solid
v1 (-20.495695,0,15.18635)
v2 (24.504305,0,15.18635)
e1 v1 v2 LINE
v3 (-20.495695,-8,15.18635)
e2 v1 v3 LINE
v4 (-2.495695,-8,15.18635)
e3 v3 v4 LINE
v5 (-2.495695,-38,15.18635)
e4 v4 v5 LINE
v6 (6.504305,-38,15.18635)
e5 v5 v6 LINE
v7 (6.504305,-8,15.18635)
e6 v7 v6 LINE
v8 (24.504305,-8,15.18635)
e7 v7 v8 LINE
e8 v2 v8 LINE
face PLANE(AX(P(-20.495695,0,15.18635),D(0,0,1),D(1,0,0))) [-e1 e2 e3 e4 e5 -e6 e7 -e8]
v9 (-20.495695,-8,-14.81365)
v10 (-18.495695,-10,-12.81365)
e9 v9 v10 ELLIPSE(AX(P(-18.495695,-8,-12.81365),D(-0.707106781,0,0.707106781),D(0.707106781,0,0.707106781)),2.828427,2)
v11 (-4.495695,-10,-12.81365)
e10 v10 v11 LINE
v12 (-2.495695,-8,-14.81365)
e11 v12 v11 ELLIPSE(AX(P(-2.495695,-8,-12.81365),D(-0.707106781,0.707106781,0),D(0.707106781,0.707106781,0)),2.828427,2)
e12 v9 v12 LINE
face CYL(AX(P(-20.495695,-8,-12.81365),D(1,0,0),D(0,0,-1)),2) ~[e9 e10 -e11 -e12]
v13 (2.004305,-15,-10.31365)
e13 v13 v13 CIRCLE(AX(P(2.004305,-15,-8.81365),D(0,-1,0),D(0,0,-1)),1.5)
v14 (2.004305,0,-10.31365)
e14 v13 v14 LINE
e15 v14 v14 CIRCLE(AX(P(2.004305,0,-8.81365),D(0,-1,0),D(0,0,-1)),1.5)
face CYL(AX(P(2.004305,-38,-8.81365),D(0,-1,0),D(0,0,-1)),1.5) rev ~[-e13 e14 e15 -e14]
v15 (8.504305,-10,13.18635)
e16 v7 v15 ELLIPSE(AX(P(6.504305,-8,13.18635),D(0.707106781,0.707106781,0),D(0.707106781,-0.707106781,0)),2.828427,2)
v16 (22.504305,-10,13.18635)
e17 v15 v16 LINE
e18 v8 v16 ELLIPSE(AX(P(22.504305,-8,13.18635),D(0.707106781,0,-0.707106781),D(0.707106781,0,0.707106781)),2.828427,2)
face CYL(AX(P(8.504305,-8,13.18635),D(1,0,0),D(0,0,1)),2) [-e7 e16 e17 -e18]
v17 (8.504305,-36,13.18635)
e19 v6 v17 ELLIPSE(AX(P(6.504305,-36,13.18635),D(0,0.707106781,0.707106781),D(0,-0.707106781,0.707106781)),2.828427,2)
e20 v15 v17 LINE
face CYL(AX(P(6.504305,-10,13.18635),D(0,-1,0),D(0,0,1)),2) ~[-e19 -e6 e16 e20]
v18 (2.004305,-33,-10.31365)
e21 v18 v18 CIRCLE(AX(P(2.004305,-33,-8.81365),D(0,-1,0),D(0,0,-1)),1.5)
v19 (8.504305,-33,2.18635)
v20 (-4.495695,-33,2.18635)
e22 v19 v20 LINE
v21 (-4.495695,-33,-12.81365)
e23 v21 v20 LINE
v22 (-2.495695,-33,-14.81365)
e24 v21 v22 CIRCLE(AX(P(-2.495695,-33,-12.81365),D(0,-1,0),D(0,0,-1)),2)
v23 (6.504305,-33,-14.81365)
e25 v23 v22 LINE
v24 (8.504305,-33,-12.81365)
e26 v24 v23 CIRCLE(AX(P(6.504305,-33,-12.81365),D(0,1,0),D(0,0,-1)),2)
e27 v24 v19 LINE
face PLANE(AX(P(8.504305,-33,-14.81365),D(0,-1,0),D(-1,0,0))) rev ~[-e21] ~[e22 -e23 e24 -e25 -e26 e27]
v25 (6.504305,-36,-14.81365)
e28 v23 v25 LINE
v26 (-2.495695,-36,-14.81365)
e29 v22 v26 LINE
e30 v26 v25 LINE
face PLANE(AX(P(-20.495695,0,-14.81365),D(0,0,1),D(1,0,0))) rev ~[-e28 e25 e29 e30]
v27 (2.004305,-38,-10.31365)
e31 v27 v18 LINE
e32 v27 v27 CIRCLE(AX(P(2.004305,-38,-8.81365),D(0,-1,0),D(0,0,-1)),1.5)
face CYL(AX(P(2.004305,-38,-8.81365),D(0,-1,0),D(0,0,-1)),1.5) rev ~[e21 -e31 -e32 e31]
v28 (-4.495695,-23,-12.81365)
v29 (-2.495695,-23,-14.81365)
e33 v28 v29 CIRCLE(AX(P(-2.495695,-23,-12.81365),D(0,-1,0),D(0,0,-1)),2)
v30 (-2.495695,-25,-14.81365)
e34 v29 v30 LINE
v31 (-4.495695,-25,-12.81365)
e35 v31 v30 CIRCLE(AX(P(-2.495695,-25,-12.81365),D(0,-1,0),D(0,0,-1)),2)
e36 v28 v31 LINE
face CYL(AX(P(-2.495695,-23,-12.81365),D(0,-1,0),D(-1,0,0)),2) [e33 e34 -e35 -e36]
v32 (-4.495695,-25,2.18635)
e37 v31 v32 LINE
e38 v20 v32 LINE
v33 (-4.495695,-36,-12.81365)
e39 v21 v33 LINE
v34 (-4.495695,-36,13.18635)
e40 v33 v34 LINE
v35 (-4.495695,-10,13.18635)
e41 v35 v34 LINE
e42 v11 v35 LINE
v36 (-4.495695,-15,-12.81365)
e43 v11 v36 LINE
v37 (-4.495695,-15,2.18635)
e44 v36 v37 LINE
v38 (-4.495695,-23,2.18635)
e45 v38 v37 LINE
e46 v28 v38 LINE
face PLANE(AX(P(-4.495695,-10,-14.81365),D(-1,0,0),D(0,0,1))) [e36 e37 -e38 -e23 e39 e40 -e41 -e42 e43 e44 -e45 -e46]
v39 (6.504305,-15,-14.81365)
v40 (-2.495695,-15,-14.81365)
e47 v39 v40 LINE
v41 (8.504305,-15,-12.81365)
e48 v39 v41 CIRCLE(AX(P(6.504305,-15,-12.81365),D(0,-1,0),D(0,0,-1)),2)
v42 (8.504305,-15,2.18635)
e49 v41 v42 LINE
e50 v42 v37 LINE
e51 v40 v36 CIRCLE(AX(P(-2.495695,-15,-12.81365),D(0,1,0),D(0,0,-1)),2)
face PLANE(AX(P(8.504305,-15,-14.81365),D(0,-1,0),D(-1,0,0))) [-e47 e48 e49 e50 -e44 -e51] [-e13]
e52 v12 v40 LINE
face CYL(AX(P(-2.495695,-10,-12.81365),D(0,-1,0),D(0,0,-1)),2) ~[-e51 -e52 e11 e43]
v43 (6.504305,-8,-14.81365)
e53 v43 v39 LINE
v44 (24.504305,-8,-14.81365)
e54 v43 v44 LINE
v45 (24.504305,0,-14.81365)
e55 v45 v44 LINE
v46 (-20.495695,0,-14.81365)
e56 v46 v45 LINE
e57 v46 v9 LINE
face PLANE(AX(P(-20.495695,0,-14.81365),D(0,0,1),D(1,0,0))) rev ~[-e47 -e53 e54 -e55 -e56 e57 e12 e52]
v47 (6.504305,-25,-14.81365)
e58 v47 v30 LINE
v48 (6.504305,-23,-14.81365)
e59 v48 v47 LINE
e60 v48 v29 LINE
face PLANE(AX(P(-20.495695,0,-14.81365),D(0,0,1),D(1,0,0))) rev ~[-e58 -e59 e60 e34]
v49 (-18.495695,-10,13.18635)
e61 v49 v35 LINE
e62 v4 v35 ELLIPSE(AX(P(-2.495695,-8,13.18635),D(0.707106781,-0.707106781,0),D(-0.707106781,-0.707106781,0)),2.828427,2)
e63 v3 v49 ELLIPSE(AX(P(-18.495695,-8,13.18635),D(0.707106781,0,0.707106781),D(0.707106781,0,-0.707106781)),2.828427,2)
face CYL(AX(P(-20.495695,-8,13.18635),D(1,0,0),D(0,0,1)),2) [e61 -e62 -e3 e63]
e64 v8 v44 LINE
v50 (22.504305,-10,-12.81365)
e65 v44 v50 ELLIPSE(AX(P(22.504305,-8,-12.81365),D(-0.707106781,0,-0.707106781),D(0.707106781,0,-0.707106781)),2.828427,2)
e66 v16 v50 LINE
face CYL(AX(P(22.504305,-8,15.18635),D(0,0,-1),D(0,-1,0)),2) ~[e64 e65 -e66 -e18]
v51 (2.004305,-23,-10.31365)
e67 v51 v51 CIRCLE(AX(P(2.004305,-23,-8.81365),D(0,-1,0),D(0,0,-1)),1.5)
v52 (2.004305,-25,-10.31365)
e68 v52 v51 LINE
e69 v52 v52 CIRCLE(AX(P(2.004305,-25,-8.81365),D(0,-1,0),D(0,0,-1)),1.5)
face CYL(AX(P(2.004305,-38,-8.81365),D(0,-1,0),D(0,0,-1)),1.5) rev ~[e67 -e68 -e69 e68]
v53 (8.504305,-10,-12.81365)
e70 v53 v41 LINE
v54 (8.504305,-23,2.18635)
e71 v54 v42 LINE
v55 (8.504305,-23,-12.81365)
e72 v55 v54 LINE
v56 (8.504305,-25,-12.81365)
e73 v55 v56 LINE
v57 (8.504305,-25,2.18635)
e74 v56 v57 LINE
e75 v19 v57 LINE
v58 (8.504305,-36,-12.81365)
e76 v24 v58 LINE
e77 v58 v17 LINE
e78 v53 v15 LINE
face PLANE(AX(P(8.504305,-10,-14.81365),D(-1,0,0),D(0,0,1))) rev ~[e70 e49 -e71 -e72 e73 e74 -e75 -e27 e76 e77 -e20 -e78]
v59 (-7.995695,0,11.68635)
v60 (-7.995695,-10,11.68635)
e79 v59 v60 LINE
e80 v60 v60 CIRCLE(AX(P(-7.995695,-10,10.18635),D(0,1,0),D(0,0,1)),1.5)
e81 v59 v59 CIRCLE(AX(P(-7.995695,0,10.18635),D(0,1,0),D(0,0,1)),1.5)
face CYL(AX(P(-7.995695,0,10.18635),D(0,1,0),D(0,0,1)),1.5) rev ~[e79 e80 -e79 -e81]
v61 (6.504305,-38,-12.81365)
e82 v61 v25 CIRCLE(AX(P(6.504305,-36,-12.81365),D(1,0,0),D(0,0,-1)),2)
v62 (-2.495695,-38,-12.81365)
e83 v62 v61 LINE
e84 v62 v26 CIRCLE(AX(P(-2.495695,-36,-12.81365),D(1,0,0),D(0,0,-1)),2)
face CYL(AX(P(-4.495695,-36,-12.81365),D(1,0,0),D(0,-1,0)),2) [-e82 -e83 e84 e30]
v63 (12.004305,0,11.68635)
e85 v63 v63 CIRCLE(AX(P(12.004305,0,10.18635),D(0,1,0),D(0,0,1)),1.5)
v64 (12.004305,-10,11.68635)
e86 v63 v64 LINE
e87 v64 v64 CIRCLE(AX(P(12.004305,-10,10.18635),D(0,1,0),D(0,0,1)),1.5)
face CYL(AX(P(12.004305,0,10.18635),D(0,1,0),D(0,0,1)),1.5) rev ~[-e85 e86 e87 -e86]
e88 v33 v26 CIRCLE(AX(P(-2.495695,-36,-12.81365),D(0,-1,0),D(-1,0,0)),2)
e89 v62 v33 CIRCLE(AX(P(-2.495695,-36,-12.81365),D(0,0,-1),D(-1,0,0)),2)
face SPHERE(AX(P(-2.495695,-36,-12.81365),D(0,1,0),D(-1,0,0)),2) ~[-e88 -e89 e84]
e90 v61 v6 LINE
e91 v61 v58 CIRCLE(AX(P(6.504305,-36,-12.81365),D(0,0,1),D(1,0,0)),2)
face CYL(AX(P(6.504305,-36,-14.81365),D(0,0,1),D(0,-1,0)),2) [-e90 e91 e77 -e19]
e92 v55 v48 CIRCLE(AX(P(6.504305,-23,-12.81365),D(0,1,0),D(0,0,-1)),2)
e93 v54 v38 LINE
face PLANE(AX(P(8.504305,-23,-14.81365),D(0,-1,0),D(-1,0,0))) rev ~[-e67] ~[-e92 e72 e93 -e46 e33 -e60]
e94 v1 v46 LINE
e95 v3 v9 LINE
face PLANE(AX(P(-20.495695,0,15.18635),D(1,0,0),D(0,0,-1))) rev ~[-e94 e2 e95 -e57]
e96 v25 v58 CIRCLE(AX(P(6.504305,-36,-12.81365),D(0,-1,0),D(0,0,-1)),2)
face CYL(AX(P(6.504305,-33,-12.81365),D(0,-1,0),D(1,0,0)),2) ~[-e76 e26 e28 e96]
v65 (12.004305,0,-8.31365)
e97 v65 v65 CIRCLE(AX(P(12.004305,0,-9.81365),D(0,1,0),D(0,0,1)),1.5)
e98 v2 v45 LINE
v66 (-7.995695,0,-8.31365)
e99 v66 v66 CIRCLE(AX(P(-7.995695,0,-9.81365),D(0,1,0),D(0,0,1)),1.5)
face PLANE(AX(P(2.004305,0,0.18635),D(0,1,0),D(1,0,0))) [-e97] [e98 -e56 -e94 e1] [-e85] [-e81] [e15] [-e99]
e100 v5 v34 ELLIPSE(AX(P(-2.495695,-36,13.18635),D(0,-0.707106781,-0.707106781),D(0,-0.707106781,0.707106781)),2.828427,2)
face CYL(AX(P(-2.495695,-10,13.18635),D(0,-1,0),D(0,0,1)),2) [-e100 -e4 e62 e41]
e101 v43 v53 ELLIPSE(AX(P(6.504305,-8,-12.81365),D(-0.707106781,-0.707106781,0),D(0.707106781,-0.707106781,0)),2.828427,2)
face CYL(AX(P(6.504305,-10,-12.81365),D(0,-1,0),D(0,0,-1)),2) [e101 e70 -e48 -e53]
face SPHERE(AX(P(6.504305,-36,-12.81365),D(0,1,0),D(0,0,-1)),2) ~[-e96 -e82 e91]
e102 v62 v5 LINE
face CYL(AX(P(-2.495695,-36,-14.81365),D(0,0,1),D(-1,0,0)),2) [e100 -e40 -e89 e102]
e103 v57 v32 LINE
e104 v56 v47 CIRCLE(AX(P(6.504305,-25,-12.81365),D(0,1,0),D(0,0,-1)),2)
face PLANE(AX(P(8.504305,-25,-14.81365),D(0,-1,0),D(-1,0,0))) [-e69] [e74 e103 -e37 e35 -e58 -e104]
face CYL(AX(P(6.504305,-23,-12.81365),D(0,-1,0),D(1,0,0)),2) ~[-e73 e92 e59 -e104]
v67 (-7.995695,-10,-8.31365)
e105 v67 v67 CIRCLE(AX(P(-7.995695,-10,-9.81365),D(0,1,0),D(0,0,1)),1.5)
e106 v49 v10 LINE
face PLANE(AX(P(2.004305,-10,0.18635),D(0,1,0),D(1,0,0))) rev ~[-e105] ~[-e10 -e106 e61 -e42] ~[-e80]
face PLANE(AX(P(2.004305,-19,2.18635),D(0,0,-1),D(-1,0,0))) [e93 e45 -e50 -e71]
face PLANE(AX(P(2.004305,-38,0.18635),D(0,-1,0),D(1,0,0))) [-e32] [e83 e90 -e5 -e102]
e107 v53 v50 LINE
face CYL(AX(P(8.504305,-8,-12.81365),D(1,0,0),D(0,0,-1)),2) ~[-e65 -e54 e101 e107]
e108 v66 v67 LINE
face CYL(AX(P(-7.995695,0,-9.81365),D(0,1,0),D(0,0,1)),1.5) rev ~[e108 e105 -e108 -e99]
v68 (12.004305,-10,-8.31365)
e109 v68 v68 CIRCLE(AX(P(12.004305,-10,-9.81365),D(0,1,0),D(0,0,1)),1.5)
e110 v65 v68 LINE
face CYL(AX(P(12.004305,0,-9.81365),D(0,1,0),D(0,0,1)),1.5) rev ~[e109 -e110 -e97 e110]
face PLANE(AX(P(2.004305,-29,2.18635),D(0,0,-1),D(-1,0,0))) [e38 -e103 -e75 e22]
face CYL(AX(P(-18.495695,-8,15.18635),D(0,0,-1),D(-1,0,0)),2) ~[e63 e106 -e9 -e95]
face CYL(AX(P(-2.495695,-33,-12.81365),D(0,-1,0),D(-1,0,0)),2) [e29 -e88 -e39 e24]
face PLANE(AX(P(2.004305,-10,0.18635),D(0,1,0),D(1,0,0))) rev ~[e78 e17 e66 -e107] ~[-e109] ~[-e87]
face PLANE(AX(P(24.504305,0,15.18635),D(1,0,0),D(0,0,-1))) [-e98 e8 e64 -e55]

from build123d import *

# Parameters (mm, degrees)
SKETCH1_W           = 45
SKETCH1_H           = 30
SKETCH1_R           = 1.5
BOSS_EXTRUDE1_DEPTH = 10
SKETCH5_W           = 13
SKETCH5_H           = 30
BOSS_EXTRUDE2_DEPTH = 28
SKETCH7_W           = 13
SKETCH7_H           = 8
CUT_EXTRUDE1_DEPTH  = 17
SKETCH8_R           = 1.5
CUT_EXTRUDE2_DEPTH  = 48.697863598
FILLET1_R           = 2


with BuildPart() as part:
    # Sketch1 → Boss-Extrude1 (new body)
    with BuildSketch(Plane(origin=(0, 0, 0), x_dir=(1, 0, 0), z_dir=(0, 1, 0))):
        with Locations((2.00430517, -0.186349789)):
            Rectangle(SKETCH1_W, SKETCH1_H)
        with Locations(Location((-7.99569483, 9.813650211, 0), (0, 0, 270))):
            Circle(SKETCH1_R, mode=Mode.SUBTRACT)
        with Locations(Location((12.00430517, 9.813650211, 0), (0, 0, 270))):
            Circle(SKETCH1_R, mode=Mode.SUBTRACT)
        with Locations(Location((12.00430517, -10.186349789, 0), (0, 0, 270))):
            Circle(SKETCH1_R, mode=Mode.SUBTRACT)
        with Locations(Location((-7.99569483, -10.186349789, 0), (0, 0, 270))):
            Circle(SKETCH1_R, mode=Mode.SUBTRACT)
    extrude(amount=-BOSS_EXTRUDE1_DEPTH)

    # Sketch5 → Boss-Extrude2 (add)
    with BuildSketch(Plane.XZ.offset(10)):
        with Locations((2.00430517, 0.186349789)):
            Rectangle(SKETCH5_W, SKETCH5_H)
    extrude(amount=BOSS_EXTRUDE2_DEPTH)

    # Sketch7 → Cut-Extrude1 (cut)
    with BuildSketch(Plane(origin=(0, 0, -14.813650211), x_dir=(-1, 0, 0), z_dir=(0, 0, -1))):
        with Locations((-2.00430517, -29)):
            Rectangle(SKETCH7_W, SKETCH7_H)
        with Locations((-2.00430517, -19)):
            Rectangle(SKETCH7_W, SKETCH7_H)
    extrude(amount=-CUT_EXTRUDE1_DEPTH, mode=Mode.SUBTRACT)

    # Sketch8 → Cut-Extrude2 (cut, through all)
    with BuildSketch(Plane.XZ.offset(38)):
        with Locations(Location((2.00430517, -8.813650211, 0), (0, 0, 270))):
            Circle(SKETCH8_R)
    extrude(amount=-CUT_EXTRUDE2_DEPTH, mode=Mode.SUBTRACT)

    # Fillet1
    fillet1_edges = [part.edges().sort_by_distance(p)[0] for p in [
        (16.50430517, -10, 15.186349789),
        (16.50430517, -10, -14.813650211),
        (24.50430517, -10, 0.186349789),
        (-4.49569483, -24, 15.186349789),
        (-4.49569483, -35.5, -14.813650211),
        (8.50430517, -35.5, -14.813650211),
        (8.50430517, -24, 15.186349789),
        (-4.49569483, -38, 0.186349789),
        (2.00430517, -38, -14.813650211),
        (8.50430517, -38, 0.186349789),
        (-12.49569483, -10, -14.813650211),
        (-20.49569483, -10, 0.186349789),
        (8.50430517, -24, -14.813650211),
        (8.50430517, -12.5, -14.813650211),
        (-12.49569483, -10, 15.186349789),
        (-4.49569483, -24, -14.813650211),
        (-4.49569483, -12.5, -14.813650211),
    ]]
    fillet(fillet1_edges, radius=FILLET1_R)


solid = part.part
